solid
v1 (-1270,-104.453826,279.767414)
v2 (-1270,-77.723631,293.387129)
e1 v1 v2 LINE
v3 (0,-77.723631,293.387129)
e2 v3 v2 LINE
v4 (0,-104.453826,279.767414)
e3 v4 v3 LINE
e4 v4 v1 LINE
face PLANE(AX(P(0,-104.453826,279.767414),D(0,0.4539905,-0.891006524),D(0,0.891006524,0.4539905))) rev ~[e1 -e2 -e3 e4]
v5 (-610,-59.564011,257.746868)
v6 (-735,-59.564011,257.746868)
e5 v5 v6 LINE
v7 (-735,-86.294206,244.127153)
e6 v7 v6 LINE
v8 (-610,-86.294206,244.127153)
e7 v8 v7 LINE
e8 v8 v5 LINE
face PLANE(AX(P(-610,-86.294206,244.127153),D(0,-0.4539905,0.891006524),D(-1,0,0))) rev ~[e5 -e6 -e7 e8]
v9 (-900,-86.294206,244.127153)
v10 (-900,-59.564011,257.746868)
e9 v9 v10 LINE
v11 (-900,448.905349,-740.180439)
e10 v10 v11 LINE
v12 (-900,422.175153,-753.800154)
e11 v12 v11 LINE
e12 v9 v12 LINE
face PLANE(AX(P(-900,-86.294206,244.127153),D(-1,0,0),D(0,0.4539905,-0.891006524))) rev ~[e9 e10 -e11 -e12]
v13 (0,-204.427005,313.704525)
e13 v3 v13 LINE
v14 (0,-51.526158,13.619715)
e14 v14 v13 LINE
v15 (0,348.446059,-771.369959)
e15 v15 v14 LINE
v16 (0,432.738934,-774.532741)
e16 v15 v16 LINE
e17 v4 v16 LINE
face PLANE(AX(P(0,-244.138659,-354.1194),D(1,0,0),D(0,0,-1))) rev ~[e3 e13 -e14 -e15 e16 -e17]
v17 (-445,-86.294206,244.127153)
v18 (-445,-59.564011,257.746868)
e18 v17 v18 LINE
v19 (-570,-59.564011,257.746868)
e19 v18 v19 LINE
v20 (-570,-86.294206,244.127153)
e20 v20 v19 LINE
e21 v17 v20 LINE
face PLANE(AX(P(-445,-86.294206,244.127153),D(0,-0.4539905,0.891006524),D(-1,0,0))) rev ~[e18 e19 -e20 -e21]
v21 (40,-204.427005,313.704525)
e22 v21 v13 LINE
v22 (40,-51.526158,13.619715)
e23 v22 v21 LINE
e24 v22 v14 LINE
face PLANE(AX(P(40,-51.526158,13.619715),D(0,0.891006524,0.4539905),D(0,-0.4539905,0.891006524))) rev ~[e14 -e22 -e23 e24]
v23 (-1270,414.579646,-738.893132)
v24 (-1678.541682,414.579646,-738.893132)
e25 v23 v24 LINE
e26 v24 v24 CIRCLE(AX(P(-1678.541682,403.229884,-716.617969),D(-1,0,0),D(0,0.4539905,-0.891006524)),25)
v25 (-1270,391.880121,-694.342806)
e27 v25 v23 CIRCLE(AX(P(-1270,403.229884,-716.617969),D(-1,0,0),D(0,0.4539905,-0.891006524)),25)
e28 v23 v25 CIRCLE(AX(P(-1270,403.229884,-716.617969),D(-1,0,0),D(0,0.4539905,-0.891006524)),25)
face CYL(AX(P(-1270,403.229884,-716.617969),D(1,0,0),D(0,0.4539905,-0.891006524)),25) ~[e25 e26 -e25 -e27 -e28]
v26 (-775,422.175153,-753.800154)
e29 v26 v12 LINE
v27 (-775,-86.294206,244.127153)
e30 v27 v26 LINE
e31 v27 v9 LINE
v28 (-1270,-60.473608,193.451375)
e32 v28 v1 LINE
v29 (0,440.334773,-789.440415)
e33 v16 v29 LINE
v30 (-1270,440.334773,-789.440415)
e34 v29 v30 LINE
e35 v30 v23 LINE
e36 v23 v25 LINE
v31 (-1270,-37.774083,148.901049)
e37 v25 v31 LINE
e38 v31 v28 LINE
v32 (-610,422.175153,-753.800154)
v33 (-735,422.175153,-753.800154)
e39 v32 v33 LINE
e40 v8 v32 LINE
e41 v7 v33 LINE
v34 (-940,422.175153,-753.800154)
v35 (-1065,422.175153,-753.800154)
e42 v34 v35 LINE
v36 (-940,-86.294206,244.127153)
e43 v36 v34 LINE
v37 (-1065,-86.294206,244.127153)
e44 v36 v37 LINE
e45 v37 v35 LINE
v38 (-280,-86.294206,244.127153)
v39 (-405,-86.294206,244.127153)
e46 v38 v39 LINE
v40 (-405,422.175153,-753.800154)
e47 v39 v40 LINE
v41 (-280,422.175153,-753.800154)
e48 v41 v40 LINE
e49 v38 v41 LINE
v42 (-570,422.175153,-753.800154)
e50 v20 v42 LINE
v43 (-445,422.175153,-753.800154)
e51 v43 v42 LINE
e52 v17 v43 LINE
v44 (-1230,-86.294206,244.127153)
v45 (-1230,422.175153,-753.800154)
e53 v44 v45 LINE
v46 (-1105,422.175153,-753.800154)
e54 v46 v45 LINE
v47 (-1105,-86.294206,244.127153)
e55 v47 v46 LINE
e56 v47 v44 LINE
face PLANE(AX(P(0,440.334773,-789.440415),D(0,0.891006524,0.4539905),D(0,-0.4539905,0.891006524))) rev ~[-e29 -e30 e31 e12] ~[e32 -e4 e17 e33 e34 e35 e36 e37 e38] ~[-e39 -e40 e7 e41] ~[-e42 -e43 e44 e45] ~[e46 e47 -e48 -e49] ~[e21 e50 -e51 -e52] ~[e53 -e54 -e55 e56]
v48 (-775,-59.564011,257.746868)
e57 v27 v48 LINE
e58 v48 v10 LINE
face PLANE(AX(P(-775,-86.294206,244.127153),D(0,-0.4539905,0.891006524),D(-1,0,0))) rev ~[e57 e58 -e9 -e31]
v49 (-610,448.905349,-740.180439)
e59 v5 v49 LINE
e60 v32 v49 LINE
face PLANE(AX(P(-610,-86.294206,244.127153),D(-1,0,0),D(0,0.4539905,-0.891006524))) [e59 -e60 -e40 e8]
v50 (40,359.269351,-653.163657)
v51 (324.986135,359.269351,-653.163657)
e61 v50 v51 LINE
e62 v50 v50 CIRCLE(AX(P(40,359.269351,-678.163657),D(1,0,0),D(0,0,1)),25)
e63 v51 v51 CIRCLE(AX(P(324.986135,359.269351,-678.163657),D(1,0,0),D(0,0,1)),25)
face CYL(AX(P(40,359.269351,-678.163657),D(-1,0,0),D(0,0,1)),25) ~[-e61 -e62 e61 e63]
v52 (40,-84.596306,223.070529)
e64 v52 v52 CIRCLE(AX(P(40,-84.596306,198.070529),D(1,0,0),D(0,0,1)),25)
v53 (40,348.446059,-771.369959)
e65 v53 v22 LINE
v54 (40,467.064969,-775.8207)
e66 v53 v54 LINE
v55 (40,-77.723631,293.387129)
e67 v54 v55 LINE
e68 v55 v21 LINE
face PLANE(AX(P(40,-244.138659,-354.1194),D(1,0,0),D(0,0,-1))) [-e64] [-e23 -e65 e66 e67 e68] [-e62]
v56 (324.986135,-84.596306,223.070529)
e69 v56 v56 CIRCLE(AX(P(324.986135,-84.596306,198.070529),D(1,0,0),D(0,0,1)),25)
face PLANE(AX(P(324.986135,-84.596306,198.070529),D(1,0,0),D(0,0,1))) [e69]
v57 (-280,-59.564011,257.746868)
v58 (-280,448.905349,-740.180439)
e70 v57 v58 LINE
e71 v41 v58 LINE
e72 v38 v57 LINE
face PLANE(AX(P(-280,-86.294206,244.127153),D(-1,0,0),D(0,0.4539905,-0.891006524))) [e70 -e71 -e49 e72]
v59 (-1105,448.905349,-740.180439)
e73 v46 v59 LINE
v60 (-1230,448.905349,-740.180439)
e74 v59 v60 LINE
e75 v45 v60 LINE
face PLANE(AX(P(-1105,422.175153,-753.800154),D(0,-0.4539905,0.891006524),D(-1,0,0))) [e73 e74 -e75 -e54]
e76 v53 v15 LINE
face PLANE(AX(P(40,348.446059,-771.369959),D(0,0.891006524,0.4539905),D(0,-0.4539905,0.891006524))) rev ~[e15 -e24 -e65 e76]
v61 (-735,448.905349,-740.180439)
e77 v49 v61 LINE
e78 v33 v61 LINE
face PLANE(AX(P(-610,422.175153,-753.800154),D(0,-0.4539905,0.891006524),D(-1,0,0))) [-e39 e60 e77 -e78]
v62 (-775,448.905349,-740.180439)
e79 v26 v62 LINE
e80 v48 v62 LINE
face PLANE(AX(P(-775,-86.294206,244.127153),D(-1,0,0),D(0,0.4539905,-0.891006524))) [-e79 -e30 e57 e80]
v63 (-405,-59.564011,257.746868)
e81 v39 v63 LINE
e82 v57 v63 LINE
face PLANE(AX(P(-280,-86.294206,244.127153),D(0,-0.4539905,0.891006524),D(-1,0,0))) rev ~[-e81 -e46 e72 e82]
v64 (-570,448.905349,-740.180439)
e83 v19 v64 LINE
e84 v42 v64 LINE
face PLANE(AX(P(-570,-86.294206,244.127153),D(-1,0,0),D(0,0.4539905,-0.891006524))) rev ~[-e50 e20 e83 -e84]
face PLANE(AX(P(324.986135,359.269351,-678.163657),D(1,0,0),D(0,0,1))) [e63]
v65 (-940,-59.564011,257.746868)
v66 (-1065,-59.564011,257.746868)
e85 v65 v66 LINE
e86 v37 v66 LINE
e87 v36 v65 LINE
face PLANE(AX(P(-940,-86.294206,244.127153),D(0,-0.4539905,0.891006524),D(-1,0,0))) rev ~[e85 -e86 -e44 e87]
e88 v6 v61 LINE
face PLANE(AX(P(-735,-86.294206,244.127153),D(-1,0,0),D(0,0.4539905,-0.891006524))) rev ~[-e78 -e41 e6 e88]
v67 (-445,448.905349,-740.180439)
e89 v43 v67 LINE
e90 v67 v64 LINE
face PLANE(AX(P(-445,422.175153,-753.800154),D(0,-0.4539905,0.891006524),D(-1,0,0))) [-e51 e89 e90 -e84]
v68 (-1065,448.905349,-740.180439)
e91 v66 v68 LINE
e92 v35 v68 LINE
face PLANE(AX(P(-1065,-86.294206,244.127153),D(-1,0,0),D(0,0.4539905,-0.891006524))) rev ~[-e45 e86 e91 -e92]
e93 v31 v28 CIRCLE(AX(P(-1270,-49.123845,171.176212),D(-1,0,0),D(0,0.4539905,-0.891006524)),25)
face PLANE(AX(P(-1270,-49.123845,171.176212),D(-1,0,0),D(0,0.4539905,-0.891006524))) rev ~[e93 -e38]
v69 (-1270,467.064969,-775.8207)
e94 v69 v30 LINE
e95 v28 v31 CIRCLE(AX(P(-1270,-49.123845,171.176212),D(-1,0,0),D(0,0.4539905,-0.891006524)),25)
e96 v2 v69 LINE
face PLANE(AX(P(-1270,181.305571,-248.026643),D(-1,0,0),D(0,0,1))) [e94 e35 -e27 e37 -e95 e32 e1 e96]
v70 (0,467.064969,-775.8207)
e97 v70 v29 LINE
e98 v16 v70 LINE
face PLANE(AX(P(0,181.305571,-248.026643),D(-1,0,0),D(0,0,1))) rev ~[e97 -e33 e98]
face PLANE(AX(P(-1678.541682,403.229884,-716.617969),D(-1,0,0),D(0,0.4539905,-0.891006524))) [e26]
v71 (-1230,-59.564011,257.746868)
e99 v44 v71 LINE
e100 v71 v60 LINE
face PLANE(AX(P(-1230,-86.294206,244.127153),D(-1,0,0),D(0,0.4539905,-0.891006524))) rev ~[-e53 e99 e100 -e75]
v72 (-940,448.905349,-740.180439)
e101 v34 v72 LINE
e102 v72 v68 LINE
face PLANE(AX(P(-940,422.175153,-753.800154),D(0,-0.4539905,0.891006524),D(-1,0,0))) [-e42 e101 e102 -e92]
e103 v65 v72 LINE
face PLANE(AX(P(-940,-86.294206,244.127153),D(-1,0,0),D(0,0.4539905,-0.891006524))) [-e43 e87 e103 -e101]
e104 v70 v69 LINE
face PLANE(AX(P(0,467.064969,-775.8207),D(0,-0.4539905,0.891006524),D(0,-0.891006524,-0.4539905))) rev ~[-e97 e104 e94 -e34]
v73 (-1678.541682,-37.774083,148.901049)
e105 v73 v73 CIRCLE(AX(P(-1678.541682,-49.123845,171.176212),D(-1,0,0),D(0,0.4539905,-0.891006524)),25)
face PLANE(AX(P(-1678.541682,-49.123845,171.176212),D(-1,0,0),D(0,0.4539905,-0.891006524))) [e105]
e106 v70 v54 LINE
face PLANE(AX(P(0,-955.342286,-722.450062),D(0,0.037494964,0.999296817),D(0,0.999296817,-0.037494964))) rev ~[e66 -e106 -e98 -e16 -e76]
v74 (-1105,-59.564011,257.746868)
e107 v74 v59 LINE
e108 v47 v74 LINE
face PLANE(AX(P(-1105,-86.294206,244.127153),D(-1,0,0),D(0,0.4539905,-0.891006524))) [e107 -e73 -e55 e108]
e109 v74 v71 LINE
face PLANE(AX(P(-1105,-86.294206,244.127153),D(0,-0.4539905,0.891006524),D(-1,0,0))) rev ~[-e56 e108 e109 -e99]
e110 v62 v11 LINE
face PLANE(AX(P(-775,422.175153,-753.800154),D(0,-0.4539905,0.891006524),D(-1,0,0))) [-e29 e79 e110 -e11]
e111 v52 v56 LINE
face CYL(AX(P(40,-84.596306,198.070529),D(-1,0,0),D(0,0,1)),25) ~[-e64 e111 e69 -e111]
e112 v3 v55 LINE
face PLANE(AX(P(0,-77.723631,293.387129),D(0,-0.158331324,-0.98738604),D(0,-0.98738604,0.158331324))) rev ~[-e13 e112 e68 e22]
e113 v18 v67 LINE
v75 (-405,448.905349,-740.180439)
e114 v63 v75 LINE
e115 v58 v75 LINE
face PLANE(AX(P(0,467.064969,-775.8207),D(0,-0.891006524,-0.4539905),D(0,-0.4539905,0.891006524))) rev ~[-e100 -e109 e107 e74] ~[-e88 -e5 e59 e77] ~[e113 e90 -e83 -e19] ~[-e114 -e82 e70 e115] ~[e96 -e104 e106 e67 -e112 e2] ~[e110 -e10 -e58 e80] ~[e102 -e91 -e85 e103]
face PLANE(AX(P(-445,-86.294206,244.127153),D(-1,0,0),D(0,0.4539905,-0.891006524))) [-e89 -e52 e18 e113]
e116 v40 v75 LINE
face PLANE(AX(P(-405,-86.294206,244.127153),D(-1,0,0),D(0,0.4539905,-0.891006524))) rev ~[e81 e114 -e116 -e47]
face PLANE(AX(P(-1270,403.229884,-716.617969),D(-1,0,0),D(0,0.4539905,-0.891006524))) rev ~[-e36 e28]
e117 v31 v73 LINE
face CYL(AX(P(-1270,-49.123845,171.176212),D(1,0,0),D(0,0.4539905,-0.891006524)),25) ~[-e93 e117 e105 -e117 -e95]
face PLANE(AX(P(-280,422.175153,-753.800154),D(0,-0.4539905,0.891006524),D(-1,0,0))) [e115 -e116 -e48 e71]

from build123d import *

# Parameters (mm, degrees)
SKETCH1_W               = 1200
SKETCH1_H               = 1500
BOSS_EXTRUDE1_DEPTH     = 160
BOSS_EXTRUDE2_DEPTH     = 1270
SKETCH3_W               = 125
SKETCH3_H               = 1120
CUT_EXTRUDE2_DEPTH      = 30
LPATTERN1_COUNT         = 6
LPATTERN1_PITCH         = 165
SKETCH4_W               = 125
SKETCH4_H               = 1120
CUT_EXTRUDE3_DEPTH      = 30
LPATTERN2_COUNT         = 6
LPATTERN2_PITCH         = 165
CUT_EXTRUDE5_DEPTH      = 70
CUT_EXTRUDE5_DEPTH_BACK = 3200
SKETCH5_W               = 160
SKETCH5_H               = 1200
BOSS_EXTRUDE3_DEPTH     = 40
CUT_EXTRUDE6_DEPTH      = 1622
SKETCH8_R               = 25
BOSS_EXTRUDE4_DEPTH     = 284.986135381
SKETCH10_R              = 25
BOSS_EXTRUDE5_DEPTH     = 408.541682101


with BuildPart() as part:
    # Sketch1 → Boss-Extrude1 (new body)
    with BuildSketch(Plane(origin=(0, 0, 0), x_dir=(0, 0, -1), z_dir=(1, 0, 0))):
        with Locations((564.361948956, -723.13225058)):
            Rectangle(SKETCH1_W, SKETCH1_H)
    extrude(amount=BOSS_EXTRUDE1_DEPTH)

    # Sketch2 → Boss-Extrude2 (add)
    with BuildSketch(Plane.ZY):
        Polygon((293.387128793, -77.723630642), (-775.820700233, 467.064969046), (-789.440415225, 440.33477332), (279.767413801, -104.453826367), align=None)
        Polygon((333.138052406, -383.823490794), (-736.06977662, -928.612090481), (-722.450061628, -955.342286207), (346.757767398, -410.553686519), align=None)
    extrude(amount=BOSS_EXTRUDE2_DEPTH)

    # Sketch3 → Cut-Extrude2 (cut)
    with BuildSketch(Plane(origin=(0, -466.202007743, 237.541787551), x_dir=(-1, 0, 0), z_dir=(0, -0.8910065241883673, 0.45399049973954775))):
        with Locations((1167.066310977, 477.424040248)):
            Rectangle(SKETCH3_W, SKETCH3_H)
    cut_extrude2 = extrude(amount=-CUT_EXTRUDE2_DEPTH, mode=Mode.SUBTRACT)

    # LPattern1: Cut-Extrude2 ×6
    with Locations(*[(i * LPATTERN1_PITCH, 0, 0) for i in range(1, LPATTERN1_COUNT)]):
        add(cut_extrude2, mode=Mode.SUBTRACT)

    # Sketch4 → Cut-Extrude3 (cut)
    with BuildSketch(Plane(origin=(0, 30.243173593, 15.409666619), x_dir=(-1, 0, 0), z_dir=(0, -0.891006524188367, -0.4539904997395487))):
        with Locations((1167.5, 303.304364216)):
            Rectangle(SKETCH4_W, SKETCH4_H)
    cut_extrude3 = extrude(amount=-CUT_EXTRUDE3_DEPTH, mode=Mode.SUBTRACT)

    # LPattern2: Cut-Extrude3 ×6
    with Locations(*[(i * LPATTERN2_PITCH, 0, 0) for i in range(1, LPATTERN2_COUNT)]):
        add(cut_extrude3, mode=Mode.SUBTRACT)

    # Sketch5 → Cut-Extrude5 (cut, two sides: drawn at the far end of the back side and taken through both)
    with BuildSketch(Plane(origin=(0, 26.86774942, 0), x_dir=(1, 0, 0), z_dir=(0, 1, 0)).offset(-CUT_EXTRUDE5_DEPTH_BACK)):
        with Locations((80, 564.361948956)):
            Rectangle(SKETCH5_W, SKETCH5_H)
    extrude(amount=CUT_EXTRUDE5_DEPTH + CUT_EXTRUDE5_DEPTH_BACK, mode=Mode.SUBTRACT)


with BuildPart() as cut_extrude5_piece_1:
    # of the separate pieces the step leaves, piece 1, a body of its own (cut_extrude5_pieces)
    add(part.part.solids().sort_by_distance((0, -104.453826367, 279.767413801))[0])



with BuildPart() as cut_extrude5_piece_2:
    # of the separate pieces the step leaves, piece 2, a body of its own (cut_extrude5_pieces)
    add(part.part.solids().sort_by_distance((0, -410.553686519, 346.757767398))[0])


with BuildPart() as cut_extrude5_piece_1_1:
    add(cut_extrude5_piece_1.part)

    add(cut_extrude5_piece_2.part)  # Boss-Extrude3 merges Cut-Extrude5 piece 2
    # Sketch6 → Boss-Extrude3 (add)
    with BuildSketch(Plane(origin=(0, 0, 0), x_dir=(0, 0, -1), z_dir=(1, 0, 0))):
        Polygon((-293.387128793, -77.723630642), (-346.757767398, -410.553686519), (722.450061628, -955.342286207), (775.820700233, 467.064969046), align=None)
    extrude(amount=BOSS_EXTRUDE3_DEPTH)

    # Sketch7 → Cut-Extrude6 (cut)
    with BuildSketch(Plane(origin=(40, 0, 0), x_dir=(0, 0, -1), z_dir=(1, 0, 0))):
        Polygon((779.00615654, 352.336895643), (771.36995873, 348.446058521), (722.450061628, -955.342286207), (-346.757767398, -410.553686519), (-313.704524727, -204.427005397), (-484.232359842, -291.315277235), (-228.557425004, -1565.861378417), (1566.457503136, -862.127788671), align=None)
        Polygon((771.36995873, 348.446058521), (-13.619714992, -51.52615783), (-313.704524727, -204.427005397), (-346.757767398, -410.553686519), (722.450061628, -955.342286207), align=None)
    extrude(amount=-CUT_EXTRUDE6_DEPTH, mode=Mode.SUBTRACT)

    # Sketch8 → Boss-Extrude4 (add)
    with BuildSketch(Plane(origin=(40, 0, 0), x_dir=(0, 0, -1), z_dir=(1, 0, 0))):
        with Locations(Location((-198.070529097, -84.596305771, 0), (0, 0, 180))):
            Circle(SKETCH8_R)
        with Locations(Location((678.163657159, 359.269351402, 0), (0, 0, 180))):
            Circle(SKETCH8_R)
    extrude(amount=BOSS_EXTRUDE4_DEPTH)

    # Sketch10 → Boss-Extrude5 (add)
    with BuildSketch(Plane.ZY.offset(1270)):
        with Locations(Location((-716.617969304, 403.229883829, 0), (0, 0, 153))):
            Circle(SKETCH10_R)
        with Locations(Location((171.176211965, -49.123845441, 0), (0, 0, 153))):
            Circle(SKETCH10_R)
    extrude(amount=BOSS_EXTRUDE5_DEPTH)


solid = cut_extrude5_piece_1_1.part
